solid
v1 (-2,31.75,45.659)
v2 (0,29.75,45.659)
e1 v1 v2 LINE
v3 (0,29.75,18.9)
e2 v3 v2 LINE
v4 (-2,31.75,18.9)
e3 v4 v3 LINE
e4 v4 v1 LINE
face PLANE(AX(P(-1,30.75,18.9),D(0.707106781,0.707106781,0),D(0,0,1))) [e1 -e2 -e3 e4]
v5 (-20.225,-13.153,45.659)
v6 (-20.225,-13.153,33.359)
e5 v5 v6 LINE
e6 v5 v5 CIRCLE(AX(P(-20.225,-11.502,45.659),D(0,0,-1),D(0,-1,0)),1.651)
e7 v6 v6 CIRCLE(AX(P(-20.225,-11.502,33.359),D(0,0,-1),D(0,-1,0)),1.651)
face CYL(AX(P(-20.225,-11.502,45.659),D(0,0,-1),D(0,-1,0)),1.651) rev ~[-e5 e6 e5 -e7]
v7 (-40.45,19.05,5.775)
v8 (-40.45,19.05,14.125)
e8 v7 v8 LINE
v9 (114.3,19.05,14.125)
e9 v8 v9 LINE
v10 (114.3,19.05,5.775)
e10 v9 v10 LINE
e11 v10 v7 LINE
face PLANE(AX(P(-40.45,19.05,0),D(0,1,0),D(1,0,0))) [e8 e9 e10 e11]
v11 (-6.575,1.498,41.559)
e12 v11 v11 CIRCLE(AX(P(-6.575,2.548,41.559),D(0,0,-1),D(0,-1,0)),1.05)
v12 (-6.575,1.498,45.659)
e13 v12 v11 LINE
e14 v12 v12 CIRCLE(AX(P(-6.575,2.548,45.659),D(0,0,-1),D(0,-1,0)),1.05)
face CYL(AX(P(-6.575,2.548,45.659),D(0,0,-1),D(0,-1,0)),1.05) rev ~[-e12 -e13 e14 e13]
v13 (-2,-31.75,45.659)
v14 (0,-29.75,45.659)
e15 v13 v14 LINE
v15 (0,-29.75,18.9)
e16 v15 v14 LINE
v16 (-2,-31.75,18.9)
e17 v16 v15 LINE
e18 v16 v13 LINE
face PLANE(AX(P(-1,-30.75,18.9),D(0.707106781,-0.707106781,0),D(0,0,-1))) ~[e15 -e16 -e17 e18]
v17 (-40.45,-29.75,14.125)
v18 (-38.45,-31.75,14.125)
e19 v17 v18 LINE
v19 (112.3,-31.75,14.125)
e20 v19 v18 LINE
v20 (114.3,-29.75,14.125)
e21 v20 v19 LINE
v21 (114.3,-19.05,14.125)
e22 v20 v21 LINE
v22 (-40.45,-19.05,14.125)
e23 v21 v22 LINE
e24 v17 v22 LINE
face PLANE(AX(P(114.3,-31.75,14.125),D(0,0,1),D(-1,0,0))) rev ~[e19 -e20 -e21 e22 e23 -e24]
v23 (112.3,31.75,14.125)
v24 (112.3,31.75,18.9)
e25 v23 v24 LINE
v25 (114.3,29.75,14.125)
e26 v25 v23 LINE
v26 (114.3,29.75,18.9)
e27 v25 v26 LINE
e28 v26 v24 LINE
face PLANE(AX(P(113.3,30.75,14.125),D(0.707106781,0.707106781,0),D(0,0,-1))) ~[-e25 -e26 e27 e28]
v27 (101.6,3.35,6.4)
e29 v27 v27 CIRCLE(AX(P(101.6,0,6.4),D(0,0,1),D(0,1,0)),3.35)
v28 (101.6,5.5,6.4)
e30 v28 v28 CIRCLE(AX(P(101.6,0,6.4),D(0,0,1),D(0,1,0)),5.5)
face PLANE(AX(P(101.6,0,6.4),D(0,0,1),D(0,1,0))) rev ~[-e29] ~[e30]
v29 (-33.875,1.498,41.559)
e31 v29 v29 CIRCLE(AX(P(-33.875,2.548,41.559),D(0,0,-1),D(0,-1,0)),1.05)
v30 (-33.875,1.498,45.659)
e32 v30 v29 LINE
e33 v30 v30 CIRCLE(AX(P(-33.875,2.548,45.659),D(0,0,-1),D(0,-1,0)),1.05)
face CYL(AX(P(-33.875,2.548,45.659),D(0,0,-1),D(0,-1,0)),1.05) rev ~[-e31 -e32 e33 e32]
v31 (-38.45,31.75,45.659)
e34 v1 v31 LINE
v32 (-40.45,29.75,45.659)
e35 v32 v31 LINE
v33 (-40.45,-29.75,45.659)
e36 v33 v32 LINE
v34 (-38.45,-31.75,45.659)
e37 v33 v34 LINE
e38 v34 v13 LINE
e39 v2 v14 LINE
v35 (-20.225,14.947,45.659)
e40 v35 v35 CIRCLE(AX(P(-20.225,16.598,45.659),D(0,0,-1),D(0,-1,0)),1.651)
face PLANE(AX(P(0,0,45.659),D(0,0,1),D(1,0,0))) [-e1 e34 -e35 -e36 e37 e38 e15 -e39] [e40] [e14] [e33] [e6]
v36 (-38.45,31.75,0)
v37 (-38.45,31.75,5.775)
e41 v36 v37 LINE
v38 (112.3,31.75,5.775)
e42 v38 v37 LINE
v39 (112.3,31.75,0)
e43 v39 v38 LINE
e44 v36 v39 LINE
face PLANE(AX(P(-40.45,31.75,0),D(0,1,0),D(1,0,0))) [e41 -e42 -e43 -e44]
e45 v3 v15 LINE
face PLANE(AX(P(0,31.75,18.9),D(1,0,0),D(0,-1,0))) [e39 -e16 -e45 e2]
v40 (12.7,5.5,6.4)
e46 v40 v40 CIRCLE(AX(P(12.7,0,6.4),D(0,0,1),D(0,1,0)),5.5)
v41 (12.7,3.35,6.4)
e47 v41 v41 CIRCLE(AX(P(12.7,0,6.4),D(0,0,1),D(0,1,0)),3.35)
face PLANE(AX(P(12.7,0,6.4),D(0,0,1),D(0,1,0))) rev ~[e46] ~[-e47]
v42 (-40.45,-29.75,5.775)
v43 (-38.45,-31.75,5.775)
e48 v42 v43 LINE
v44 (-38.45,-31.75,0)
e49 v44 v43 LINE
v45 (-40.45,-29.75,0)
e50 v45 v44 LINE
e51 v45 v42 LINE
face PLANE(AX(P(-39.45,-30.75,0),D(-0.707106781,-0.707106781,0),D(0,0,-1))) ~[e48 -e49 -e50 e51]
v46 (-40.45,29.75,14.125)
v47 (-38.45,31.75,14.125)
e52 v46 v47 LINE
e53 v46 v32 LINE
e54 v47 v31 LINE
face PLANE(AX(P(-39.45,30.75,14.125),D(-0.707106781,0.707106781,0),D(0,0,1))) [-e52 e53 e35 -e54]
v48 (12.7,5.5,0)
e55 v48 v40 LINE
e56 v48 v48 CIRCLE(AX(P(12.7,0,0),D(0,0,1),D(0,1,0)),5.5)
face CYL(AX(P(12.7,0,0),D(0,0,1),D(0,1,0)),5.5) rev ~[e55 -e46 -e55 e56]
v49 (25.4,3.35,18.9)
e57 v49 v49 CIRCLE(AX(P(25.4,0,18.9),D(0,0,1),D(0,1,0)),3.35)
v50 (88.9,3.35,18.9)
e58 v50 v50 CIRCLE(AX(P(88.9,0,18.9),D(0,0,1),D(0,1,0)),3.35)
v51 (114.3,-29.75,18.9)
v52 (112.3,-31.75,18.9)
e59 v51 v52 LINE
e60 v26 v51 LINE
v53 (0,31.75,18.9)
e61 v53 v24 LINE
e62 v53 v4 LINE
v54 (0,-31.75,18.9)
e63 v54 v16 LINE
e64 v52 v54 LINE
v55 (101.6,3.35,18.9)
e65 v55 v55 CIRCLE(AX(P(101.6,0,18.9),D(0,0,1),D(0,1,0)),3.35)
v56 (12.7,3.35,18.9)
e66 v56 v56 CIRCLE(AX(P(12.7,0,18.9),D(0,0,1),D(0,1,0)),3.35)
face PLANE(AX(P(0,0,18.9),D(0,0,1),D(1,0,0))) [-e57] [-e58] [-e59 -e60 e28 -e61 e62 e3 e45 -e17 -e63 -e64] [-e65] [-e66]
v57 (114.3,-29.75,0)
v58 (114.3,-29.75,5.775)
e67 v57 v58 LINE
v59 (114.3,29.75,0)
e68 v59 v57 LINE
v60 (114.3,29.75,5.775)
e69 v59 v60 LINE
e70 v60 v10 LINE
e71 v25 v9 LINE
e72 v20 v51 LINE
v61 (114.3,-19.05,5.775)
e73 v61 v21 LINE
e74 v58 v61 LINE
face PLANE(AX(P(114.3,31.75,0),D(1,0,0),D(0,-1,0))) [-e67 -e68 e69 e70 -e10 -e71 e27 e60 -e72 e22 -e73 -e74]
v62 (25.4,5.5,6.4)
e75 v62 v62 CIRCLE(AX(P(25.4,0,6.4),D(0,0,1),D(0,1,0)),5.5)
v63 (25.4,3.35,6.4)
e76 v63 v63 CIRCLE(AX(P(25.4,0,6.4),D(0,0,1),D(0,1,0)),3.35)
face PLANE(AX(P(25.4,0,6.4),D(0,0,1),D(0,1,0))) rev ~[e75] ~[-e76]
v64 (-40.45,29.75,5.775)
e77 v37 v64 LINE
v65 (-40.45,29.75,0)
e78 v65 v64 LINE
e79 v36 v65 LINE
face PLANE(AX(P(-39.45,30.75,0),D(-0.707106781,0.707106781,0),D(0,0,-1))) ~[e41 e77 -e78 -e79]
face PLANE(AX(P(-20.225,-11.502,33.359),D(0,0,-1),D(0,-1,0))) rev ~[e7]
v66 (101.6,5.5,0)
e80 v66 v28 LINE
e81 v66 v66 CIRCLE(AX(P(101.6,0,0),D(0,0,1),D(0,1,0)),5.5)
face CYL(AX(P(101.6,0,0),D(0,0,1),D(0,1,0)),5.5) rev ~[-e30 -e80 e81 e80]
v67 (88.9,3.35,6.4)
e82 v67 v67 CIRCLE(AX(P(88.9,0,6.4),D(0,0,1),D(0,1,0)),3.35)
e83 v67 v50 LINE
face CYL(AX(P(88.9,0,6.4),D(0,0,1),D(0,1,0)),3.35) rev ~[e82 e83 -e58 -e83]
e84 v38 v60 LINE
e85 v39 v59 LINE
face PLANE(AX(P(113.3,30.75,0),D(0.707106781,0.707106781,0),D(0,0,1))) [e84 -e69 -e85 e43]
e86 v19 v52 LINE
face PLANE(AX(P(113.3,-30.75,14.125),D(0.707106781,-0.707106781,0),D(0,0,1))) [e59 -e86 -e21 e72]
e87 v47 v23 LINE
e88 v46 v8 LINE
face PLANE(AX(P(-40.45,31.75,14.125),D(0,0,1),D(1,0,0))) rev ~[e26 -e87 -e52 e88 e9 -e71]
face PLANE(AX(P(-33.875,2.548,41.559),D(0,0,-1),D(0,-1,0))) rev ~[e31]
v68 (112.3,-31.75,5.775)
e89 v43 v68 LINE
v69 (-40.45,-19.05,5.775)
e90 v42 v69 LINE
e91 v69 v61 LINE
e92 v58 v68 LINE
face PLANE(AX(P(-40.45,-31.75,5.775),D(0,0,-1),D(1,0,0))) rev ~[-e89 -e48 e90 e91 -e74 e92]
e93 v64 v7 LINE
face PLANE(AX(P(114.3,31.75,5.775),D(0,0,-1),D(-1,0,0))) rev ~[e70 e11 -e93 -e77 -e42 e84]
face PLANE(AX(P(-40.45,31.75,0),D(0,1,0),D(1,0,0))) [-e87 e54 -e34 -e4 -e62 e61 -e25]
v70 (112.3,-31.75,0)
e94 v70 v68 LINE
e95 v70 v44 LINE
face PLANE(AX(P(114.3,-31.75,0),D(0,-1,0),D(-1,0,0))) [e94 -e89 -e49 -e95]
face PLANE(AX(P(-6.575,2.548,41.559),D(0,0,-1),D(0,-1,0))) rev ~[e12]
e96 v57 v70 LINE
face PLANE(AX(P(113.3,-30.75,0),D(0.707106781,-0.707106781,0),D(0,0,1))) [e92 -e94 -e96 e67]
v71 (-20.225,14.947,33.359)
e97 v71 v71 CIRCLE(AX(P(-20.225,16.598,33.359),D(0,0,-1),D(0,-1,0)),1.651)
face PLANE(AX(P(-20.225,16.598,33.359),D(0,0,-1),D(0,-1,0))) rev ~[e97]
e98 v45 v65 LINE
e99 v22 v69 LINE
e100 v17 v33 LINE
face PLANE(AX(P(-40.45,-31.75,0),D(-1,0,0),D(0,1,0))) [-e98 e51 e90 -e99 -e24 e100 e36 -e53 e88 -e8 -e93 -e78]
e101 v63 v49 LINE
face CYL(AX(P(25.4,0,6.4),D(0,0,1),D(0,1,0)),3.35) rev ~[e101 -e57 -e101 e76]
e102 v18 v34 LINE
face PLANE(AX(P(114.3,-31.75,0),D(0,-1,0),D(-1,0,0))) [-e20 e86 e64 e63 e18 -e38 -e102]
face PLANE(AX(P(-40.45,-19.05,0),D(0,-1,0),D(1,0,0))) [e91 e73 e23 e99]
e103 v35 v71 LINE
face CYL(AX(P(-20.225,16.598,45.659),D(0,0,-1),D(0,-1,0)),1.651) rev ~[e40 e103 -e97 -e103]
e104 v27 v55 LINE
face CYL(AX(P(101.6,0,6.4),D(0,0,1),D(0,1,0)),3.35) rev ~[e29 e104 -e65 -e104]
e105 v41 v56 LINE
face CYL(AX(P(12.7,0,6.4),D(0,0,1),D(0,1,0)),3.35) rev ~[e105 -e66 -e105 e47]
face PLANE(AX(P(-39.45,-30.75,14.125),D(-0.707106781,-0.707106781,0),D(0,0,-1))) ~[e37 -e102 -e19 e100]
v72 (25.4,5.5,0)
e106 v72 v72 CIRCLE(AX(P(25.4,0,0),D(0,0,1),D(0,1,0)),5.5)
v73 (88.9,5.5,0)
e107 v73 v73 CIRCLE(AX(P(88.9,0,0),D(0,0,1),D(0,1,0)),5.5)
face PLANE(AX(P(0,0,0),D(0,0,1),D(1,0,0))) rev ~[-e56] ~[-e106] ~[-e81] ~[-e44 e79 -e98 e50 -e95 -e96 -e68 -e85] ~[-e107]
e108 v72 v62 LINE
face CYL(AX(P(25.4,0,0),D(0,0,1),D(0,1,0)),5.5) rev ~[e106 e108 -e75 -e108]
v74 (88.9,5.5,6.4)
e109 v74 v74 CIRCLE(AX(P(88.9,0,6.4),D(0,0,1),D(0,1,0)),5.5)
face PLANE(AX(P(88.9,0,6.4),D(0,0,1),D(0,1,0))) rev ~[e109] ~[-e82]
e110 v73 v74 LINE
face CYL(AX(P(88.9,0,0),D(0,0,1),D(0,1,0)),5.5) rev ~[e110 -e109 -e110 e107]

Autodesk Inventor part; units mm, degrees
ref_plane "YZ Plane" through (0, 0, 0) normal (1, 0, 0) x (0, 1, 0)
ref_plane "XZ Plane" through (0, 0, 0) normal (0, 1, 0) x (-1, 0, 0)
ref_plane "XY Plane" through (0, 0, 0) normal (0, 0, 1) x (1, 0, 0)
sketch "Sketch1" plane through (0, 0, 0) normal (0, 0, 1) x (1, 0, 0)
  line L0 (-40.45, 31.75) -> (114.3, 31.75)
  line L1 (114.3, 31.75) -> (114.3, -31.75)
  line L2 (114.3, -31.75) -> (-40.45, -31.75)
  line L3 (-40.45, -31.75) -> (-40.45, 31.75)
  point P0 (0, 0)
  dimension "d0" = 63.5
  dimension "d1" = 31.75
  dimension "d2" = 40.45
  dimension "LENGTH" = 154.75
extrude "Extrusion1" add sketch "Sketch1" along normal blind 18.9
sketch "Sketch2" plane through (0, 0, 18.9) normal (0, 0, 1) x (1, 0, 0)
  line L0 (114.3, 31.75) -> (-40.45, 31.75) projected
  line L1 (-40.45, -31.75) -> (114.3, -31.75) projected
  line L2 (-40.45, 31.75) -> (0, 31.75)
  line L3 (0, 31.75) -> (0, -31.75)
  line L4 (0, -31.75) -> (-40.45, -31.75)
  line L5 (-40.45, -31.75) -> (-40.45, 31.75)
  point P0 (0, 0)
  dimension "d6" = 40.45
extrude "Extrusion2" add sketch "Sketch2" along normal blind 26.759
sketch "Sketch3" plane through (0, 0, 0) normal (0, 0, 1) x (1, 0, 0)
  line L0 (114.3, -31.75) -> (114.3, 31.75) projected
  point P0 (0, 0)
  point P1 (12.7, 0)
  point P2 (25.4, 0)
  point P3 (88.9, 0)
  point P4 (101.6, 0)
  dimension "d9" = 0
  dimension "d10" = 0
  dimension "d11" = 0
  dimension "d12" = 0
  dimension "d13" = 88.9
  dimension "d14" = 12.7
  dimension "d15" = 63.5
  dimension "d16" = 12.7
hole "Hole2" at (12.7, 0, 0) at (101.6, 0, 0) at (25.4, 0, 0) at (88.9, 0, 0) direction (0, 0, 1) diameter 6.7 end through all counterbore diameter 11 counterbore depth 6.4 clearance for "Socket Head Cap Screw" size "1/4" standard "Ansi Unified Screw Threads"
sketch "Sketch4" plane through (-40.45, -31.75, 0) normal (0, -1, 0) x (1, 0, 0)
  line L0 (0, 5.775) -> (154.75, 5.775)
  line L1 (154.75, 5.775) -> (154.75, 14.125)
  line L2 (154.75, 14.125) -> (0, 14.125)
  line L3 (0, 14.125) -> (0, 5.775)
  line L4 (0, 5.775) -> (154.75, 14.125) construction
  line L5 (154.75, 5.775) -> (0, 14.125) construction
  line L6 (0, 0) -> (0, 45.659) projected
  line L7 (0, 0) -> (154.75, 0) projected
  point P0 (40.45, 0)
  point P1 (77.375, 9.95)
  dimension "d31" = 154.75
  dimension "d32" = 77.375
  dimension "d33" = 9.95
  dimension "SLOT_HEIGHT" = 8.35
sketch "Sketch5" plane through (-40.45, 31.75, 0) normal (0, 1, 0) x (1, 0, 0)
  line L0 (154.75, -5.775) -> (0, -5.775)
  line L1 (0, -5.775) -> (0, -14.125)
  line L2 (0, -14.125) -> (154.75, -14.125)
  line L3 (154.75, -14.125) -> (154.75, -5.775)
  line L4 (154.75, -5.775) -> (0, -14.125) construction
  line L5 (0, -5.775) -> (154.75, -14.125) construction
  line L6 (0, 0) -> (0, -45.659) projected
  point P0 (40.45, 0)
  point P1 (77.375, -9.95)
  dimension "d35" = 8.35
  dimension "d36" = 154.75
  dimension "d37" = 0
  dimension "d38" = 9.95
extrude "Extrusion3" cut sketch "Sketch5" against normal blind 12.7
extrude "Extrusion4" cut sketch "Sketch4" against normal blind 12.7
sketch "Sketch6" plane through (0, 0, 45.659) normal (0, 0, 1) x (1, 0, 0)
  line L0 (0, 31.75) -> (-40.45, 31.75) projected
  line L1 (-40.45, -31.75) -> (0, -31.75) projected
  line L2 (-40.45, 31.75) -> (-40.45, -31.75) projected
  line L3 (-6.575, 2.048) -> (-6.575, 3.048) construction
  line L4 (-5.525, 2.048) -> (-5.525, 3.048)
  line L5 (-7.625, 3.048) -> (-7.625, 2.048)
  arc A0 (-7.625, 2.048) -> (-5.525, 2.048) centre (-6.575, 2.048) ccw
  arc A1 (-5.525, 3.048) -> (-7.625, 3.048) centre (-6.575, 3.048) ccw
  point P0 (0, 0)
  point P1 (-20.225, -11.502)
  point P2 (-20.225, 16.598)
  point P3 (-33.875, 2.548)
  point P4 (-6.575, 2.548)
  dimension "d43" = 0
  dimension "d44" = 15.152
  dimension "d45" = 0
  dimension "d46" = 20.248
  dimension "d47" = 20.225
  dimension "d48" = 28.1
  dimension "d50" = 27.3
  dimension "d51" = 14.05
  dimension "d52" = 13.65
  dimension "d67" = 1.05
  dimension "d68" = 1
hole "Hole3" at (-33.875, 2.548, 45.659) at (-6.575, 2.548, 45.659) direction (0, 0, -1) diameter 2.1 depth 4.1
hole "Hole4" at (-20.225, -11.502, 45.659) at (-20.225, 16.598, 45.659) direction (0, 0, -1) diameter 3.302 depth 12.3 thread size "8-32 UNC" class "2B" standard "ANSI Unified Screw Threads"
chamfer "Chamfer1" [suppressed]
chamfer "Chamfer2" distance 2 angle 45 10 edges at (0, -31.75, 32.2795) (-40.45, -31.75, 29.892) (-40.45, -31.75, 2.8875) (114.3, -31.75, 16.5125) (114.3, -31.75, 2.8875) (114.3, 31.75, 16.5125) (114.3, 31.75, 2.8875) (0, 31.75, 32.2795) (-40.45, 31.75, 29.892) (-40.45, 31.75, 2.8875)
equation "\"d0\" = WIDTH"
equation "\"d1\" = 0.5 * WIDTH"
equation "\"d2\" = APP_LENGTH"
equation "\"LENGTH\" = APP_LENGTH + ISOLATOR_MT_LENGTH"
equation "\"d6\" = APP_LENGTH"
equation "\"d7\" = APP_HEIGHT"
equation "\"d31\" = LENGTH"
equation "\"d32\" = 0.5 * LENGTH"
equation "\"d33\" = 0.5 * ISOLATOR_HEIGHT"
equation "\"d35\" = SLOT_HEIGHT"
equation "\"d36\" = LENGTH"
equation "\"d38\" = 0.5 * ISOLATOR_HEIGHT"
equation "\"d41\" = SLOT_DEPTH"
equation "\"d51\" = 0.5 * d48"
equation "\"d52\" = 0.5 * d50"
equation "\"ISOLATOR_MT_LENGTH\" = 114.3"
equation "\"WIDTH\" = 63.5"
equation "\"ISOLATOR_HEIGHT\" = 19.9"
equation "\"APP_LENGTH\" = 40.45"
equation "\"APP_HEIGHT\" = 26.759"
equation "\"SLOT_DEPTH\" = 12.7"
properties part number "711C-1-APP-mount"
